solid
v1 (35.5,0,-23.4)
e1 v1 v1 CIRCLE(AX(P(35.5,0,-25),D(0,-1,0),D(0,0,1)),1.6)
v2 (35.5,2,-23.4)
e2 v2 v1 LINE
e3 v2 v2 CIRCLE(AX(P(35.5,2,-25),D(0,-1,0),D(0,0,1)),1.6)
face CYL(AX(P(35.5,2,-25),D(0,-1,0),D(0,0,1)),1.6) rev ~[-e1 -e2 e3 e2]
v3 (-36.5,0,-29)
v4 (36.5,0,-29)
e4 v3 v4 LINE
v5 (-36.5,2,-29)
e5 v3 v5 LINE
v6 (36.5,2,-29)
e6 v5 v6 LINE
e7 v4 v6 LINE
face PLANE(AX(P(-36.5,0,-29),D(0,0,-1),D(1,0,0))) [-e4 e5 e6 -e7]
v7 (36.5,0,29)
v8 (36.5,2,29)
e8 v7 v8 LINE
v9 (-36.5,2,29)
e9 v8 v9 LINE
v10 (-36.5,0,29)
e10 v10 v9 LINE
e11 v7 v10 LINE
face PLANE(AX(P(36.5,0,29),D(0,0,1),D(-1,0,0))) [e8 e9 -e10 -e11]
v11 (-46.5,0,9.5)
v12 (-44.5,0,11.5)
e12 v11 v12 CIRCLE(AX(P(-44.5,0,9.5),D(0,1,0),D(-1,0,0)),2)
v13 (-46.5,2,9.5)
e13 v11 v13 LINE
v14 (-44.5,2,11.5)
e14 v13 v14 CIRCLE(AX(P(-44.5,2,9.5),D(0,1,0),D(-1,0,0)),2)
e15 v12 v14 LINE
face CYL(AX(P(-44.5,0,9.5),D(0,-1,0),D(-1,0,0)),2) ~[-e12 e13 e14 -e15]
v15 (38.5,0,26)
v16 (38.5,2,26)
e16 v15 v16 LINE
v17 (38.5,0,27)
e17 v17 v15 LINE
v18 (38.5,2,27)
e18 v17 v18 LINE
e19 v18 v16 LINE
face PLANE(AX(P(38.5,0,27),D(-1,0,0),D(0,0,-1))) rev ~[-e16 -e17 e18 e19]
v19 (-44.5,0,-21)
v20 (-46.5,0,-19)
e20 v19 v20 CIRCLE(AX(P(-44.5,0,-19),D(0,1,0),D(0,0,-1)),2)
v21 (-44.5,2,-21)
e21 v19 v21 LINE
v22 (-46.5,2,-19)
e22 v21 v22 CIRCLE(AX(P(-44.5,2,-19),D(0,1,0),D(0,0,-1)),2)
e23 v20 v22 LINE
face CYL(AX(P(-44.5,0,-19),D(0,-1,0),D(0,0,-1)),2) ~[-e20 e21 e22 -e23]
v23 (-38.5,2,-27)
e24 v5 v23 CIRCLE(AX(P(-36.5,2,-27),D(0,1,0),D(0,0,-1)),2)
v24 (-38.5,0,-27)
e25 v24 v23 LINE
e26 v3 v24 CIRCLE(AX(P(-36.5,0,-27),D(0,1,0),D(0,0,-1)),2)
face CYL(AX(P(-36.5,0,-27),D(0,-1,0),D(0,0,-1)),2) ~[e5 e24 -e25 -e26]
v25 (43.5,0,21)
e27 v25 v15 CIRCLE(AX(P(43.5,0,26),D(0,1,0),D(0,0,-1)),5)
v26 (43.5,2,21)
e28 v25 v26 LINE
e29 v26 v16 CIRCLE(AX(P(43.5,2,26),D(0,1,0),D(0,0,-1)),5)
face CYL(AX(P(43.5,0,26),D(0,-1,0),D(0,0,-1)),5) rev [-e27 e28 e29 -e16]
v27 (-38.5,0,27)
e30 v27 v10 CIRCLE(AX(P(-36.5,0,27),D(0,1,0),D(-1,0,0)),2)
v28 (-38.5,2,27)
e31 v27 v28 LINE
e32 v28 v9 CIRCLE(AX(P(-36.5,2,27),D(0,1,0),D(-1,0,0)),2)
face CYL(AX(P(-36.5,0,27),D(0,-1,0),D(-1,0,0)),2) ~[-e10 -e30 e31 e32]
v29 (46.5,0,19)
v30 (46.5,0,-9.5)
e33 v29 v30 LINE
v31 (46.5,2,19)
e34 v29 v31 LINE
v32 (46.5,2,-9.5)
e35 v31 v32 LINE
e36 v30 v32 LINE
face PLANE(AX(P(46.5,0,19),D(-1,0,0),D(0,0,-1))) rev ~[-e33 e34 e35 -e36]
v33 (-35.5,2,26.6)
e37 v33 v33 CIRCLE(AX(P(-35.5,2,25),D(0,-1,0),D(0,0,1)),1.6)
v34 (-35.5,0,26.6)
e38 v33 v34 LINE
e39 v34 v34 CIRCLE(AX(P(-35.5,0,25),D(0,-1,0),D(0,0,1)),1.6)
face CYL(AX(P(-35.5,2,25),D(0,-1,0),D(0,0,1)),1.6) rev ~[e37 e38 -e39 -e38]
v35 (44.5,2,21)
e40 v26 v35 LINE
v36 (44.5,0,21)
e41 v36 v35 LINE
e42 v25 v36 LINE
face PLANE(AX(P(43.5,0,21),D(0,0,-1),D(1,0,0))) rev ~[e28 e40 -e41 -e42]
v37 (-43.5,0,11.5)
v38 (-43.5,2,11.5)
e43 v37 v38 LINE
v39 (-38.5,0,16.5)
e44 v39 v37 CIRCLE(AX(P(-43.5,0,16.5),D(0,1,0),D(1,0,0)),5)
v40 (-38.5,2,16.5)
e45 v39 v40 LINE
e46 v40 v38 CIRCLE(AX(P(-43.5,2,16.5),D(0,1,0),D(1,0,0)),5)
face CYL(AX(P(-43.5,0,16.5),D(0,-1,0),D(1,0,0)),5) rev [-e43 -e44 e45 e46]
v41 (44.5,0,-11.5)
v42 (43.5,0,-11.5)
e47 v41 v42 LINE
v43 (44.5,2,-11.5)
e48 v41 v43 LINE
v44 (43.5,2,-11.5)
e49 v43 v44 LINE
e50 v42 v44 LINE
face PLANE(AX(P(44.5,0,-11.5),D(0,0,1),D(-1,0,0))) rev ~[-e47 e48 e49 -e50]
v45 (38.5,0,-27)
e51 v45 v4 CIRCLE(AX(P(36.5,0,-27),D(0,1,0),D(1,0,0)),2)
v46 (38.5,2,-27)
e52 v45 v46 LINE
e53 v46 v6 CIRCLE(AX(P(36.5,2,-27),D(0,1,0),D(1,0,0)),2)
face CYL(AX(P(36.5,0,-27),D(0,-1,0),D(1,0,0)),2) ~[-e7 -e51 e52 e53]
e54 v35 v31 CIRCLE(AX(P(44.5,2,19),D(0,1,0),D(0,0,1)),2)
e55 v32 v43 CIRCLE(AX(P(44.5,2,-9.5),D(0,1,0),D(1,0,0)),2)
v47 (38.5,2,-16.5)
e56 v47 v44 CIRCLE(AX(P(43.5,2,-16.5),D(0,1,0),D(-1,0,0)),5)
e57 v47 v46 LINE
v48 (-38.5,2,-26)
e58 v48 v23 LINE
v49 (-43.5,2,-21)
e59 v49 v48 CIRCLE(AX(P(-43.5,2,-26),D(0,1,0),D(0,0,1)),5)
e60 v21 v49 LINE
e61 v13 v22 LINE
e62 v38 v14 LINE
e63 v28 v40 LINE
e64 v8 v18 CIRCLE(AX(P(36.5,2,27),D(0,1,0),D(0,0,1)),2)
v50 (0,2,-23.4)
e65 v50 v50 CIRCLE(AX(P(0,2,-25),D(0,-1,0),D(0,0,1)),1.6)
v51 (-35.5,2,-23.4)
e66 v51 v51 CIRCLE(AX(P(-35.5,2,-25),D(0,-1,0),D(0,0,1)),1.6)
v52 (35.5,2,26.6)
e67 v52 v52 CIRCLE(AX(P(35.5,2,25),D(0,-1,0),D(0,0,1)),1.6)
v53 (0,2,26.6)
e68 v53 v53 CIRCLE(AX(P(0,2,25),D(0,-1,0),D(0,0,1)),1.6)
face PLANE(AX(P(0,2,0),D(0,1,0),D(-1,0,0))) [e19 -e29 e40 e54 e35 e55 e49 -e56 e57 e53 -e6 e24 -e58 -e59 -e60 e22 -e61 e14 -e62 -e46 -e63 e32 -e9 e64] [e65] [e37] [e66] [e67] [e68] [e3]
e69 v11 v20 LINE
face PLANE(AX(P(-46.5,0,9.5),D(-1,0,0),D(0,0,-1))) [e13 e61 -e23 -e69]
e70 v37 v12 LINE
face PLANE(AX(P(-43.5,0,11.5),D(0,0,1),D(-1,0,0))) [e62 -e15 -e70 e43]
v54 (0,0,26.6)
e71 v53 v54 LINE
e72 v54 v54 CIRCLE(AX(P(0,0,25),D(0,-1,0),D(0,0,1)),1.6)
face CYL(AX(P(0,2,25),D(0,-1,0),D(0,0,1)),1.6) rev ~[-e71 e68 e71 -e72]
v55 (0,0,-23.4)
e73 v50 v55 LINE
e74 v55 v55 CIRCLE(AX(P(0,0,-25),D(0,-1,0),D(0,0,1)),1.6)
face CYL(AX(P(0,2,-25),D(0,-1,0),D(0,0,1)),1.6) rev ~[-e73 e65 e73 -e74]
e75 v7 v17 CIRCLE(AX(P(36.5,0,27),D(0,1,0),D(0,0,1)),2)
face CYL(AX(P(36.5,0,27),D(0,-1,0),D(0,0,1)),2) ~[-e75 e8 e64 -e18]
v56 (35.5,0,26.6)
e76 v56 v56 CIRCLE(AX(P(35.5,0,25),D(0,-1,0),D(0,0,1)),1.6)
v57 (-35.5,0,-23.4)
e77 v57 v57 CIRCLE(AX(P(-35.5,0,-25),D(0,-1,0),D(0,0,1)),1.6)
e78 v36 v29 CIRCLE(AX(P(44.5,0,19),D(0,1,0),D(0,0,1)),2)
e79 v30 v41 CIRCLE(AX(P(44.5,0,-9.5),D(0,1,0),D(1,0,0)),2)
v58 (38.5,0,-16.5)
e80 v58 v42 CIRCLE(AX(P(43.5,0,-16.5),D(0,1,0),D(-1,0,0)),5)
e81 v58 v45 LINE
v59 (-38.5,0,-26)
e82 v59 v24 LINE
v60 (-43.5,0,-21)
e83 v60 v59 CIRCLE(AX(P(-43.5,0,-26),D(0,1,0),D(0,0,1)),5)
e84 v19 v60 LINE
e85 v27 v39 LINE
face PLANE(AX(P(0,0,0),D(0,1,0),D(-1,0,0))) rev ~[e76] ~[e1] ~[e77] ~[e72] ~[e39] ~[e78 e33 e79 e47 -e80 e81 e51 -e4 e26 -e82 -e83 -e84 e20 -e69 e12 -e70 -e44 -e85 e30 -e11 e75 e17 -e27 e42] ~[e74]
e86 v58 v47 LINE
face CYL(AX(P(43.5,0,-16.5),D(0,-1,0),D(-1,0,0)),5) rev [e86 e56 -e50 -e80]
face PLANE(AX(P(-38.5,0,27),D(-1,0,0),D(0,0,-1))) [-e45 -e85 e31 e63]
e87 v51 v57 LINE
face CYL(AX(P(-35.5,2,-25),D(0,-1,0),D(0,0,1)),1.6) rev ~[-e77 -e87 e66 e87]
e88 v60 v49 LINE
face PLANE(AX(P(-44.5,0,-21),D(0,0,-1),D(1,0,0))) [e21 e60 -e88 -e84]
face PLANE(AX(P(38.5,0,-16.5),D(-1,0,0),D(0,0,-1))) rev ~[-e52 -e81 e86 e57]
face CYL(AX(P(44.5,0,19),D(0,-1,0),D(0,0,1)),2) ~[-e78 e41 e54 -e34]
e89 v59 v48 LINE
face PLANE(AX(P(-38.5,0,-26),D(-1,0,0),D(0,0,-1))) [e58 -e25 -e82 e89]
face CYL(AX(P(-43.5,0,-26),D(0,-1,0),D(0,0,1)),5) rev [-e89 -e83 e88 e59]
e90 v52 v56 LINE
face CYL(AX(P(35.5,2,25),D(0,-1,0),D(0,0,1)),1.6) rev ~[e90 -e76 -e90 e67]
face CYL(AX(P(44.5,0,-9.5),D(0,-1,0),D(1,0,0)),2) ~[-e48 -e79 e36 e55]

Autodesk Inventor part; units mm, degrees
ref_plane "XZ Plane" through (0, 0, 0) normal (0, 1, 0) x (-1, 0, 0)
sketch "Sketch1" plane through (0, 0, 0) normal (0, 1, 0) x (-1, 0, 0)
  line L0 (-36.5, 29) -> (36.5, 29)
  line L1 (38.5, 27) -> (38.5, 16.5)
  line L2 (43.5, 11.5) -> (44.5, 11.5)
  line L3 (46.5, 9.5) -> (46.5, -19)
  line L4 (44.5, -21) -> (43.5, -21)
  line L5 (38.5, -26) -> (38.5, -27)
  line L6 (36.5, -29) -> (-36.5, -29)
  line L7 (0, 29) -> (0, -29) construction
  arc A0 (44.5, -21) -> (46.5, -19) centre (44.5, -19) ccw
  arc A1 (36.5, -29) -> (38.5, -27) centre (36.5, -27) ccw
  arc A2 (43.5, -21) -> (38.5, -26) centre (43.5, -26) ccw
  arc A3 (38.5, 16.5) -> (43.5, 11.5) centre (43.5, 16.5) ccw
  arc A4 (38.5, 27) -> (36.5, 29) centre (36.5, 27) ccw
  arc A5 (46.5, 9.5) -> (44.5, 11.5) centre (44.5, 9.5) ccw
  line L8 (-38.5, 27) -> (-38.5, 26)
  line L9 (-43.5, 21) -> (-44.5, 21)
  line L10 (-46.5, 19) -> (-46.5, -9.5)
  line L11 (-44.5, -11.5) -> (-43.5, -11.5)
  line L12 (-38.5, -16.5) -> (-38.5, -27)
  arc A6 (-36.5, 29) -> (-38.5, 27) centre (-36.5, 27) ccw
  arc A7 (-44.5, 21) -> (-46.5, 19) centre (-44.5, 19) ccw
  arc A8 (-46.5, -9.5) -> (-44.5, -11.5) centre (-44.5, -9.5) ccw
  arc A9 (-38.5, -27) -> (-36.5, -29) centre (-36.5, -27) ccw
  arc A10 (-43.5, 21) -> (-38.5, 26) centre (-43.5, 26) ccw
  arc A11 (-38.5, -16.5) -> (-43.5, -11.5) centre (-43.5, -16.5) ccw
  point P0 (0, 0)
  point P1 (38.5, 29)
  point P2 (38.5, -21)
  point P3 (38.5, -29)
  point P4 (0, 0)
  point P5 (-38.5, -11.5)
  dimension "d0" = 8
  dimension "d2" = 8
  dimension "d3" = 2
  dimension "d4" = 5
  dimension "d5" = 17.5
  dimension "d6" = 5
  dimension "d7" = 2
  dimension "d8" = 58
  dimension "d9" = 8
  dimension "d10" = 17.5
  dimension "d11" = 8
  dimension "d12" = 93
  dimension "d13" = 2
  dimension "d14" = 5
extrude "Extrusion1" add sketch "Sketch1" along normal blind 2
sketch "Sketch2" plane through (0, 2, 0) normal (0, 1, 0) x (1, 0, 0)
  line L0 (35.5, 25) -> (-35.5, 25) construction
  line L1 (-35.5, 25) -> (-35.5, -25) construction
  line L2 (-35.5, -25) -> (35.5, -25) construction
  line L3 (35.5, -25) -> (35.5, 25) construction
  line L4 (35.5, 25) -> (-35.5, -25) construction
  line L5 (-35.5, 25) -> (35.5, -25) construction
  point P0 (0, 0)
  point P1 (0, -25)
  point P2 (0, 25)
  point P3 (0, 25)
  point P4 (0, -25)
  dimension "d17" = 35.5
  dimension "d18" = 50
hole "Hole1" at (0, 2, 25) at (-35.5, 2, 25) at (-35.5, 2, -25) at (0, 2, -25) at (35.5, 2, 25) at (35.5, 2, -25) direction (0, -1, 0) diameter 3.2 depth 7.5
equation "\"d2\" = d0"
equation "\"d6\" = d4"
equation "\"d7\" = d3"
equation "\"d9\" = d0"
equation "\"d10\" = d5"
equation "\"d11\" = d0"
equation "\"d13\" = d3"
equation "\"d14\" = d4"
properties part number "CH_01_0042_pcb_layout"
